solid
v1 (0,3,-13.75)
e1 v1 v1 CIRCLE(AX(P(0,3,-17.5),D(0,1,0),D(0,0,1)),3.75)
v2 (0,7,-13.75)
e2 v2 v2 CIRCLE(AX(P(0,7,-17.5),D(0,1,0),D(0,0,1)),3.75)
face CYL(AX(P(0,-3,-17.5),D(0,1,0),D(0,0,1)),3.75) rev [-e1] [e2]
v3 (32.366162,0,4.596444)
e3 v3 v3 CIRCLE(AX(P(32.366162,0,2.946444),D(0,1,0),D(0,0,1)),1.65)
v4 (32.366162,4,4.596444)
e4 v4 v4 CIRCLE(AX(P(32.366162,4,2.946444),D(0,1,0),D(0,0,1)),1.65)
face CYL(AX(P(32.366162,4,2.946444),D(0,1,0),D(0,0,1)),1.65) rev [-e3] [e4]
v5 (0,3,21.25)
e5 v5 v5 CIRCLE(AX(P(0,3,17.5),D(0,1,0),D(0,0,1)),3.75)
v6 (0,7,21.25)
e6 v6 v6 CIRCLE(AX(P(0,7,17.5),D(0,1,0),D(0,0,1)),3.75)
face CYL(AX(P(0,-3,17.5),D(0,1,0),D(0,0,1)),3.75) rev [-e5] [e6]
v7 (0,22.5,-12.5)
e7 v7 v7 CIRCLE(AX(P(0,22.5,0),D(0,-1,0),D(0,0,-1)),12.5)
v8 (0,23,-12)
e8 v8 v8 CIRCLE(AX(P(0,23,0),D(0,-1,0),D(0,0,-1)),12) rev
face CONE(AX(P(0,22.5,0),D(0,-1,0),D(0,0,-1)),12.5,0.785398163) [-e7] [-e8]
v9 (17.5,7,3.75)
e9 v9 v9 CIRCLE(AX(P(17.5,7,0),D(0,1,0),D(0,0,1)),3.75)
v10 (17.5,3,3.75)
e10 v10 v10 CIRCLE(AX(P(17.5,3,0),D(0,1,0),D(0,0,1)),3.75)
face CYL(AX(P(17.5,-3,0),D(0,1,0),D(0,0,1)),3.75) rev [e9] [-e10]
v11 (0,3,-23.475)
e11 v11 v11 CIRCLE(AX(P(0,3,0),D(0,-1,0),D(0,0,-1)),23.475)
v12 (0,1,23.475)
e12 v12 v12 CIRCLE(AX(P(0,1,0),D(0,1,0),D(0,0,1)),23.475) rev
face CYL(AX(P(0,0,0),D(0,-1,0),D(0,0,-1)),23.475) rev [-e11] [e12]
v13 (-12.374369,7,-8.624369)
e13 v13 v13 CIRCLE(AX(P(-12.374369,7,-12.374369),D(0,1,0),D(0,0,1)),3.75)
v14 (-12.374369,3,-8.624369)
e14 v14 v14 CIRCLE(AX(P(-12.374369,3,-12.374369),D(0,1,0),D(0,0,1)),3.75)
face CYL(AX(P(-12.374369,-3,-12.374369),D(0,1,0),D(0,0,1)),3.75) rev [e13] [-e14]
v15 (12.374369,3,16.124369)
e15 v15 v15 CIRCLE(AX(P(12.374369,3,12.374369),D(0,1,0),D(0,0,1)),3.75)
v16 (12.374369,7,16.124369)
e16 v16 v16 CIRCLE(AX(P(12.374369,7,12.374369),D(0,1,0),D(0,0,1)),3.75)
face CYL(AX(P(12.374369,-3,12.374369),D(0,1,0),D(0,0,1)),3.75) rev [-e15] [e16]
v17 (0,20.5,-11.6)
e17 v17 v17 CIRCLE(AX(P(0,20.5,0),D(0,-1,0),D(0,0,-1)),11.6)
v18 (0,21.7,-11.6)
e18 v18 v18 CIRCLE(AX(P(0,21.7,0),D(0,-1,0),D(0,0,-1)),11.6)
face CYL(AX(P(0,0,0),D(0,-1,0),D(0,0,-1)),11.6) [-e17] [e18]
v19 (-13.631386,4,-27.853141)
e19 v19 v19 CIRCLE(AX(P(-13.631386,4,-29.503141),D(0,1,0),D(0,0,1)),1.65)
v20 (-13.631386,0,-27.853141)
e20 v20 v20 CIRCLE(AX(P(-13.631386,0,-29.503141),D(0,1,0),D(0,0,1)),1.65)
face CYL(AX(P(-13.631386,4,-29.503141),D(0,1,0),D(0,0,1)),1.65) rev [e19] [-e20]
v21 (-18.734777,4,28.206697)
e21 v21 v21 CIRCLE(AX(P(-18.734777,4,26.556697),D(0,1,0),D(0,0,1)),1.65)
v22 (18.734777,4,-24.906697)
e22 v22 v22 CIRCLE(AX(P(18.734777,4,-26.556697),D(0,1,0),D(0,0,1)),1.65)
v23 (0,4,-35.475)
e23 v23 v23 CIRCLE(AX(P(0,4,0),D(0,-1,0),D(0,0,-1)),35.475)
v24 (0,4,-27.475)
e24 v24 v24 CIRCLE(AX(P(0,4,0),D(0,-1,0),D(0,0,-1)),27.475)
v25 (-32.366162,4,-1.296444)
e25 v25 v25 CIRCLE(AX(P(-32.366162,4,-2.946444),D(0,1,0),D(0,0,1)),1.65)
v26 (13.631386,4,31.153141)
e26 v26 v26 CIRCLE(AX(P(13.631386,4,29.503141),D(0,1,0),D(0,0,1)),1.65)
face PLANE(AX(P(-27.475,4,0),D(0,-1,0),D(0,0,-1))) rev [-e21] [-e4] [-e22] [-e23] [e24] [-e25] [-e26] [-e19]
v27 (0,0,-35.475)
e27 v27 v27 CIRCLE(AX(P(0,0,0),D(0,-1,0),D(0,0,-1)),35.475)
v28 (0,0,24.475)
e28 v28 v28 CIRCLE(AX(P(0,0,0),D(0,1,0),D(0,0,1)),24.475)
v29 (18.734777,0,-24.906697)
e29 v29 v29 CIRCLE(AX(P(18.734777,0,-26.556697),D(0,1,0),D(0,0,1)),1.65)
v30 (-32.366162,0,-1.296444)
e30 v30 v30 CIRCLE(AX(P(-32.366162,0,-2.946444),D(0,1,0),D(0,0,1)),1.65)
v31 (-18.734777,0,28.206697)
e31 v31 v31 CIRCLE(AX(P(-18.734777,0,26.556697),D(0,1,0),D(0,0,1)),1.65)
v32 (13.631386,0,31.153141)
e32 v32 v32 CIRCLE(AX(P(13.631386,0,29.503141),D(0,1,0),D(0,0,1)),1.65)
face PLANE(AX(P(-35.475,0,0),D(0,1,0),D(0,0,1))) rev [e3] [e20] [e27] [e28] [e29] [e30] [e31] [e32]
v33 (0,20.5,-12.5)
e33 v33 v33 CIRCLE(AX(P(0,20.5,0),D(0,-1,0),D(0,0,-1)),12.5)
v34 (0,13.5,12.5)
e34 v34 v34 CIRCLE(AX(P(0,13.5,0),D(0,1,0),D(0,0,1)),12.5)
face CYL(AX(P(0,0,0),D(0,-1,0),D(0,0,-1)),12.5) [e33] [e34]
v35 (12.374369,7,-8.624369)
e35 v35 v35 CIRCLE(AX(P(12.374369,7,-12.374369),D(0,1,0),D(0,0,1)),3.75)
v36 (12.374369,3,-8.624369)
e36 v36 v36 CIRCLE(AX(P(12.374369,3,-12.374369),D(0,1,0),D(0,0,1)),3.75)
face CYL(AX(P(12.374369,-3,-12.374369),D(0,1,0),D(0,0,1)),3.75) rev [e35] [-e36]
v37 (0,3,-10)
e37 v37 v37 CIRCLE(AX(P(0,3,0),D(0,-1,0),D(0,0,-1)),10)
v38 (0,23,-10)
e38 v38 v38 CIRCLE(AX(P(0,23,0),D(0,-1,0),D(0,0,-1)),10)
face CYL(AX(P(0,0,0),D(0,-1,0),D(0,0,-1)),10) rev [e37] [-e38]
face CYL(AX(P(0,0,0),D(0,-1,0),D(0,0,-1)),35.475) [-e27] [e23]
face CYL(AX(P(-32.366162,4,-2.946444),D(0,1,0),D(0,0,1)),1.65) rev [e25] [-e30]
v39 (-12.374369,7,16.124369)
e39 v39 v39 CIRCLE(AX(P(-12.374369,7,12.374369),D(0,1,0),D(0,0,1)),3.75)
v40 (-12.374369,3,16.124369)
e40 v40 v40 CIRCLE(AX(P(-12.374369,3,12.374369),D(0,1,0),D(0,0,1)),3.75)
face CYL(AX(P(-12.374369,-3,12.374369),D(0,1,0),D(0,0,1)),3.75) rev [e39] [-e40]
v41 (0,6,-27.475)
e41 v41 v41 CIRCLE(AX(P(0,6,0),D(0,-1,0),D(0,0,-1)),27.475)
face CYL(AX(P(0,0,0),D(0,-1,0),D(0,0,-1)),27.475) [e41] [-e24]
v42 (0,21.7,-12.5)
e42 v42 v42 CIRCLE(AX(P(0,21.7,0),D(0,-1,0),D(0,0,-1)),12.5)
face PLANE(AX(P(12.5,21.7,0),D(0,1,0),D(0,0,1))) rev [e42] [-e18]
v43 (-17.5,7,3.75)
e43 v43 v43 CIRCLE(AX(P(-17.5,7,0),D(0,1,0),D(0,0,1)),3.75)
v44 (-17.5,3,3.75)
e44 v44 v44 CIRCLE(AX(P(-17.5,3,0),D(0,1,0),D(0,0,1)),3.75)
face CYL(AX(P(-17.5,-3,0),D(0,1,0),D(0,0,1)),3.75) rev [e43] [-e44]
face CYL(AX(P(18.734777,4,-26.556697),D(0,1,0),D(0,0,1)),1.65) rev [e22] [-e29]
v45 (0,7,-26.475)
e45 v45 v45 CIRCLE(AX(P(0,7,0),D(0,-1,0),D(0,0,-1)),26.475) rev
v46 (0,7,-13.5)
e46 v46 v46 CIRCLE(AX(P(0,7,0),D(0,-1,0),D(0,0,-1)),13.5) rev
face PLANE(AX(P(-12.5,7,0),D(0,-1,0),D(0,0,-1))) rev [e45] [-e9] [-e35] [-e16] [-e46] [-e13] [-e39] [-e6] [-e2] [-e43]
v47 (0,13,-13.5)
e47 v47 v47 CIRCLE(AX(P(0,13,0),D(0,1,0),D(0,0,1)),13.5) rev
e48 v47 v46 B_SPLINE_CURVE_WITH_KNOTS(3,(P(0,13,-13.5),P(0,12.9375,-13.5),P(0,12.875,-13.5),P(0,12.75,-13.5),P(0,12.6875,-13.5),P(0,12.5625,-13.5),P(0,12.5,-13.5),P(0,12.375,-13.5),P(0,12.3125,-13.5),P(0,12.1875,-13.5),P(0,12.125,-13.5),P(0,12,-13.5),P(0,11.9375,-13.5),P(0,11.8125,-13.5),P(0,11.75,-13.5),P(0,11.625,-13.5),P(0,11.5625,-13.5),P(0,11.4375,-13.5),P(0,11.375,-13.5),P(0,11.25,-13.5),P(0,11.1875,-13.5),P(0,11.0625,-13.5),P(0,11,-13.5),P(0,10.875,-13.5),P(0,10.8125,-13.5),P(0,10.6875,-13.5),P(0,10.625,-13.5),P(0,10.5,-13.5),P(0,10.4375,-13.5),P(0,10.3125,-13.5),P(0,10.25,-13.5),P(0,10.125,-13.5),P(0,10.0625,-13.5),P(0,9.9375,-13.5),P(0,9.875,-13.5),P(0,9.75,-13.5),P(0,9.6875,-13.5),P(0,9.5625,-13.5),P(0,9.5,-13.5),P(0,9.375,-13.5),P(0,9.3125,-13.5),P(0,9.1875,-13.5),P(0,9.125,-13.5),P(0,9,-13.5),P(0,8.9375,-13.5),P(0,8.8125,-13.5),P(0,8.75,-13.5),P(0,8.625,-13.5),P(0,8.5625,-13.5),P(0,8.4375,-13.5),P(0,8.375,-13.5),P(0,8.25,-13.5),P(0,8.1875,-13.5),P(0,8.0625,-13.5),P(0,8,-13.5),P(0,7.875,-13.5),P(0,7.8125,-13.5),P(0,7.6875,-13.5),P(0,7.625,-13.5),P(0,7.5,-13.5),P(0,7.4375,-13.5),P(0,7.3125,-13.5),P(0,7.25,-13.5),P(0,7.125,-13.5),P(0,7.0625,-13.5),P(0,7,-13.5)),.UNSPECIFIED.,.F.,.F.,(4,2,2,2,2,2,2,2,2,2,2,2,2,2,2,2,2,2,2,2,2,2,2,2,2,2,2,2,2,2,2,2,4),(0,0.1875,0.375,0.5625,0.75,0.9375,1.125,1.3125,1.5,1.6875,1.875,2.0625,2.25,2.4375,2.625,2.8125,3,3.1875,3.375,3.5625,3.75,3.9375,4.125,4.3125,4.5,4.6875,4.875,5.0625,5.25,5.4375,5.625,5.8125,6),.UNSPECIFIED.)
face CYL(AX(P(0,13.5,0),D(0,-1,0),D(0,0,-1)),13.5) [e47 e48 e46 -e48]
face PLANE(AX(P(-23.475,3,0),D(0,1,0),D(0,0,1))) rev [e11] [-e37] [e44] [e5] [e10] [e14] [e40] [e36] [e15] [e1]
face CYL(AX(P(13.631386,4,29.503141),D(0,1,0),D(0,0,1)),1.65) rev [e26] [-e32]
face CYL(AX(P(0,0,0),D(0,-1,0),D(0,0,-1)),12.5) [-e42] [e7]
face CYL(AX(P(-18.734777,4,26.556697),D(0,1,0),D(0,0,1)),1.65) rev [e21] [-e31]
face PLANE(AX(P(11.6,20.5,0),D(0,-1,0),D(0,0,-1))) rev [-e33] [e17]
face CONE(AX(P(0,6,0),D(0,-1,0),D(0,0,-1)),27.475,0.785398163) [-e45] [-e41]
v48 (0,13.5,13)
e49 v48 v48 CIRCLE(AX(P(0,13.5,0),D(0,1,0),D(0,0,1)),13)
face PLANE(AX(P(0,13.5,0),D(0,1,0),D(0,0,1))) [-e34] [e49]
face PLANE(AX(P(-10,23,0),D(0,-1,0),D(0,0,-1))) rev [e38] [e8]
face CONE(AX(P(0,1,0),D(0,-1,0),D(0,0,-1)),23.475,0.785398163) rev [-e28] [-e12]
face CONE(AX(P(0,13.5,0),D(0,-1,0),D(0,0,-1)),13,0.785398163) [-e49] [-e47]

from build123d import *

# Parameters (mm, degrees)
SKETCH_2_R               = 3.75
CUT_EXTRUDE_1_DEPTH      = 10
CHAMFER_1_SIZE           = 1
CHAMFER_2_SIZE           = 1
SKETCH_3_W               = 0.9
SKETCH_3_H               = 1.2
CHAMFER_3_SIZE           = 0.5
HOLE_WIZARD_M4_1_D       = 3.3
PATTERN_CIRCULAR_1_COUNT = 6
SKETCH_7_R               = 13.5
SKETCH_7_R_2             = 12.5
EXTRUDE_1_DEPTH          = 6.5
CHAMFER_4_SIZE           = 0.5


with BuildPart() as part:
    # 草图1 → 旋转1 (revolve)
    with BuildSketch(Plane.XY, mode=Mode.PRIVATE) as revolve_1_sk:
        Polygon((-35.475, 0), (-23.475, 0), (-23.475, 3), (-10, 3), (-10, 23), (-12.5, 23), (-12.5, 7), (-27.475, 7), (-27.475, 4), (-35.475, 4), align=None)
    revolve(revolve_1_sk.sketch.rotate(Axis((0, 0, 0), (0, 1, 0)), 270), axis=Axis((0, 0, 0), (0, 1, 0)))

    # 草图2 → 切除-拉伸1 (cut)
    with BuildSketch(Plane(origin=(0, 7, 0), x_dir=(1, 0, 0), z_dir=(0, 1, 0))):
        with Locations(Location((0, 17.5, 0), (0, 0, 270))):
            Circle(SKETCH_2_R)
        with Locations(Location((12.374368671, 12.374368671, 0), (0, 0, 270))):
            Circle(SKETCH_2_R)
        with Locations(Location((17.5, 0, 0), (0, 0, 270))):
            Circle(SKETCH_2_R)
        with Locations(Location((12.374368671, -12.374368671, 0), (0, 0, 270))):
            Circle(SKETCH_2_R)
        with Locations(Location((0, -17.5, 0), (0, 0, 270))):
            Circle(SKETCH_2_R)
        with Locations(Location((-12.374368671, -12.374368671, 0), (0, 0, 270))):
            Circle(SKETCH_2_R)
        with Locations(Location((-17.5, 0, 0), (0, 0, 270))):
            Circle(SKETCH_2_R)
        with Locations(Location((-12.374368671, 12.374368671, 0), (0, 0, 270))):
            Circle(SKETCH_2_R)
    extrude(amount=-CUT_EXTRUDE_1_DEPTH, mode=Mode.SUBTRACT)

    # 倒角1
    chamfer_1_edges = [part.edges().sort_by_distance(p)[0] for p in [
        (0, 0, 23.475),
    ]]
    chamfer(chamfer_1_edges, length=CHAMFER_1_SIZE)

    # 倒角2
    chamfer_2_edges = [part.edges().sort_by_distance(p)[0] for p in [
        (0, 7, 27.475),
    ]]
    chamfer(chamfer_2_edges, length=CHAMFER_2_SIZE)

    # 草图3 → 切除-旋转1 (revolve, cut)
    with BuildSketch(Plane.XY, mode=Mode.PRIVATE) as cut_revolve_1_sk:
        with Locations((12.05, 21.1)):
            Rectangle(SKETCH_3_W, SKETCH_3_H)
    revolve(cut_revolve_1_sk.sketch.rotate(Axis((0, 0, 0), (0, 1, 0)), 90), axis=Axis((0, 0, 0), (0, 1, 0)), mode=Mode.SUBTRACT)

    # 倒角3
    chamfer_3_edges = [part.edges().sort_by_distance(p)[0] for p in [
        (0, 23, 12.5),
    ]]
    chamfer(chamfer_3_edges, length=CHAMFER_3_SIZE)

    # M4 螺纹孔1 (through all)
    with Locations(Plane(origin=(0, 4, 0), x_dir=(1, 0, 0), z_dir=(0, 1, 0))):
        with Locations((18.734776664, 26.55669677)):
            hole_wizard_m4_1 = Hole(HOLE_WIZARD_M4_1_D / 2)

    # 阵列(圆周)1: M4 螺纹孔1 ×6 about axis
    pattern_circular_1_axis = Axis((0, 0, 0), (0, 1, 0))
    for i in range(1, PATTERN_CIRCULAR_1_COUNT):
        add(hole_wizard_m4_1.rotate(pattern_circular_1_axis, i * 360 / PATTERN_CIRCULAR_1_COUNT), mode=Mode.SUBTRACT)

    # 草图7 → 凸台-拉伸1 (add)
    with BuildSketch(Plane(origin=(0, 7, 0), x_dir=(1, 0, 0), z_dir=(0, 1, 0))):
        with Locations(Location((0, 0, 0), (0, 0, 90))):
            Circle(SKETCH_7_R)
        with Locations(Location((0, 0, 0), (0, 0, 90))):
            Circle(SKETCH_7_R_2, mode=Mode.SUBTRACT)
    extrude(amount=EXTRUDE_1_DEPTH)

    # 倒角4
    chamfer_4_edges = [part.edges().sort_by_distance(p)[0] for p in [
        (0, 13.5, 13.5),
    ]]
    chamfer(chamfer_4_edges, length=CHAMFER_4_SIZE)


solid = part.part
